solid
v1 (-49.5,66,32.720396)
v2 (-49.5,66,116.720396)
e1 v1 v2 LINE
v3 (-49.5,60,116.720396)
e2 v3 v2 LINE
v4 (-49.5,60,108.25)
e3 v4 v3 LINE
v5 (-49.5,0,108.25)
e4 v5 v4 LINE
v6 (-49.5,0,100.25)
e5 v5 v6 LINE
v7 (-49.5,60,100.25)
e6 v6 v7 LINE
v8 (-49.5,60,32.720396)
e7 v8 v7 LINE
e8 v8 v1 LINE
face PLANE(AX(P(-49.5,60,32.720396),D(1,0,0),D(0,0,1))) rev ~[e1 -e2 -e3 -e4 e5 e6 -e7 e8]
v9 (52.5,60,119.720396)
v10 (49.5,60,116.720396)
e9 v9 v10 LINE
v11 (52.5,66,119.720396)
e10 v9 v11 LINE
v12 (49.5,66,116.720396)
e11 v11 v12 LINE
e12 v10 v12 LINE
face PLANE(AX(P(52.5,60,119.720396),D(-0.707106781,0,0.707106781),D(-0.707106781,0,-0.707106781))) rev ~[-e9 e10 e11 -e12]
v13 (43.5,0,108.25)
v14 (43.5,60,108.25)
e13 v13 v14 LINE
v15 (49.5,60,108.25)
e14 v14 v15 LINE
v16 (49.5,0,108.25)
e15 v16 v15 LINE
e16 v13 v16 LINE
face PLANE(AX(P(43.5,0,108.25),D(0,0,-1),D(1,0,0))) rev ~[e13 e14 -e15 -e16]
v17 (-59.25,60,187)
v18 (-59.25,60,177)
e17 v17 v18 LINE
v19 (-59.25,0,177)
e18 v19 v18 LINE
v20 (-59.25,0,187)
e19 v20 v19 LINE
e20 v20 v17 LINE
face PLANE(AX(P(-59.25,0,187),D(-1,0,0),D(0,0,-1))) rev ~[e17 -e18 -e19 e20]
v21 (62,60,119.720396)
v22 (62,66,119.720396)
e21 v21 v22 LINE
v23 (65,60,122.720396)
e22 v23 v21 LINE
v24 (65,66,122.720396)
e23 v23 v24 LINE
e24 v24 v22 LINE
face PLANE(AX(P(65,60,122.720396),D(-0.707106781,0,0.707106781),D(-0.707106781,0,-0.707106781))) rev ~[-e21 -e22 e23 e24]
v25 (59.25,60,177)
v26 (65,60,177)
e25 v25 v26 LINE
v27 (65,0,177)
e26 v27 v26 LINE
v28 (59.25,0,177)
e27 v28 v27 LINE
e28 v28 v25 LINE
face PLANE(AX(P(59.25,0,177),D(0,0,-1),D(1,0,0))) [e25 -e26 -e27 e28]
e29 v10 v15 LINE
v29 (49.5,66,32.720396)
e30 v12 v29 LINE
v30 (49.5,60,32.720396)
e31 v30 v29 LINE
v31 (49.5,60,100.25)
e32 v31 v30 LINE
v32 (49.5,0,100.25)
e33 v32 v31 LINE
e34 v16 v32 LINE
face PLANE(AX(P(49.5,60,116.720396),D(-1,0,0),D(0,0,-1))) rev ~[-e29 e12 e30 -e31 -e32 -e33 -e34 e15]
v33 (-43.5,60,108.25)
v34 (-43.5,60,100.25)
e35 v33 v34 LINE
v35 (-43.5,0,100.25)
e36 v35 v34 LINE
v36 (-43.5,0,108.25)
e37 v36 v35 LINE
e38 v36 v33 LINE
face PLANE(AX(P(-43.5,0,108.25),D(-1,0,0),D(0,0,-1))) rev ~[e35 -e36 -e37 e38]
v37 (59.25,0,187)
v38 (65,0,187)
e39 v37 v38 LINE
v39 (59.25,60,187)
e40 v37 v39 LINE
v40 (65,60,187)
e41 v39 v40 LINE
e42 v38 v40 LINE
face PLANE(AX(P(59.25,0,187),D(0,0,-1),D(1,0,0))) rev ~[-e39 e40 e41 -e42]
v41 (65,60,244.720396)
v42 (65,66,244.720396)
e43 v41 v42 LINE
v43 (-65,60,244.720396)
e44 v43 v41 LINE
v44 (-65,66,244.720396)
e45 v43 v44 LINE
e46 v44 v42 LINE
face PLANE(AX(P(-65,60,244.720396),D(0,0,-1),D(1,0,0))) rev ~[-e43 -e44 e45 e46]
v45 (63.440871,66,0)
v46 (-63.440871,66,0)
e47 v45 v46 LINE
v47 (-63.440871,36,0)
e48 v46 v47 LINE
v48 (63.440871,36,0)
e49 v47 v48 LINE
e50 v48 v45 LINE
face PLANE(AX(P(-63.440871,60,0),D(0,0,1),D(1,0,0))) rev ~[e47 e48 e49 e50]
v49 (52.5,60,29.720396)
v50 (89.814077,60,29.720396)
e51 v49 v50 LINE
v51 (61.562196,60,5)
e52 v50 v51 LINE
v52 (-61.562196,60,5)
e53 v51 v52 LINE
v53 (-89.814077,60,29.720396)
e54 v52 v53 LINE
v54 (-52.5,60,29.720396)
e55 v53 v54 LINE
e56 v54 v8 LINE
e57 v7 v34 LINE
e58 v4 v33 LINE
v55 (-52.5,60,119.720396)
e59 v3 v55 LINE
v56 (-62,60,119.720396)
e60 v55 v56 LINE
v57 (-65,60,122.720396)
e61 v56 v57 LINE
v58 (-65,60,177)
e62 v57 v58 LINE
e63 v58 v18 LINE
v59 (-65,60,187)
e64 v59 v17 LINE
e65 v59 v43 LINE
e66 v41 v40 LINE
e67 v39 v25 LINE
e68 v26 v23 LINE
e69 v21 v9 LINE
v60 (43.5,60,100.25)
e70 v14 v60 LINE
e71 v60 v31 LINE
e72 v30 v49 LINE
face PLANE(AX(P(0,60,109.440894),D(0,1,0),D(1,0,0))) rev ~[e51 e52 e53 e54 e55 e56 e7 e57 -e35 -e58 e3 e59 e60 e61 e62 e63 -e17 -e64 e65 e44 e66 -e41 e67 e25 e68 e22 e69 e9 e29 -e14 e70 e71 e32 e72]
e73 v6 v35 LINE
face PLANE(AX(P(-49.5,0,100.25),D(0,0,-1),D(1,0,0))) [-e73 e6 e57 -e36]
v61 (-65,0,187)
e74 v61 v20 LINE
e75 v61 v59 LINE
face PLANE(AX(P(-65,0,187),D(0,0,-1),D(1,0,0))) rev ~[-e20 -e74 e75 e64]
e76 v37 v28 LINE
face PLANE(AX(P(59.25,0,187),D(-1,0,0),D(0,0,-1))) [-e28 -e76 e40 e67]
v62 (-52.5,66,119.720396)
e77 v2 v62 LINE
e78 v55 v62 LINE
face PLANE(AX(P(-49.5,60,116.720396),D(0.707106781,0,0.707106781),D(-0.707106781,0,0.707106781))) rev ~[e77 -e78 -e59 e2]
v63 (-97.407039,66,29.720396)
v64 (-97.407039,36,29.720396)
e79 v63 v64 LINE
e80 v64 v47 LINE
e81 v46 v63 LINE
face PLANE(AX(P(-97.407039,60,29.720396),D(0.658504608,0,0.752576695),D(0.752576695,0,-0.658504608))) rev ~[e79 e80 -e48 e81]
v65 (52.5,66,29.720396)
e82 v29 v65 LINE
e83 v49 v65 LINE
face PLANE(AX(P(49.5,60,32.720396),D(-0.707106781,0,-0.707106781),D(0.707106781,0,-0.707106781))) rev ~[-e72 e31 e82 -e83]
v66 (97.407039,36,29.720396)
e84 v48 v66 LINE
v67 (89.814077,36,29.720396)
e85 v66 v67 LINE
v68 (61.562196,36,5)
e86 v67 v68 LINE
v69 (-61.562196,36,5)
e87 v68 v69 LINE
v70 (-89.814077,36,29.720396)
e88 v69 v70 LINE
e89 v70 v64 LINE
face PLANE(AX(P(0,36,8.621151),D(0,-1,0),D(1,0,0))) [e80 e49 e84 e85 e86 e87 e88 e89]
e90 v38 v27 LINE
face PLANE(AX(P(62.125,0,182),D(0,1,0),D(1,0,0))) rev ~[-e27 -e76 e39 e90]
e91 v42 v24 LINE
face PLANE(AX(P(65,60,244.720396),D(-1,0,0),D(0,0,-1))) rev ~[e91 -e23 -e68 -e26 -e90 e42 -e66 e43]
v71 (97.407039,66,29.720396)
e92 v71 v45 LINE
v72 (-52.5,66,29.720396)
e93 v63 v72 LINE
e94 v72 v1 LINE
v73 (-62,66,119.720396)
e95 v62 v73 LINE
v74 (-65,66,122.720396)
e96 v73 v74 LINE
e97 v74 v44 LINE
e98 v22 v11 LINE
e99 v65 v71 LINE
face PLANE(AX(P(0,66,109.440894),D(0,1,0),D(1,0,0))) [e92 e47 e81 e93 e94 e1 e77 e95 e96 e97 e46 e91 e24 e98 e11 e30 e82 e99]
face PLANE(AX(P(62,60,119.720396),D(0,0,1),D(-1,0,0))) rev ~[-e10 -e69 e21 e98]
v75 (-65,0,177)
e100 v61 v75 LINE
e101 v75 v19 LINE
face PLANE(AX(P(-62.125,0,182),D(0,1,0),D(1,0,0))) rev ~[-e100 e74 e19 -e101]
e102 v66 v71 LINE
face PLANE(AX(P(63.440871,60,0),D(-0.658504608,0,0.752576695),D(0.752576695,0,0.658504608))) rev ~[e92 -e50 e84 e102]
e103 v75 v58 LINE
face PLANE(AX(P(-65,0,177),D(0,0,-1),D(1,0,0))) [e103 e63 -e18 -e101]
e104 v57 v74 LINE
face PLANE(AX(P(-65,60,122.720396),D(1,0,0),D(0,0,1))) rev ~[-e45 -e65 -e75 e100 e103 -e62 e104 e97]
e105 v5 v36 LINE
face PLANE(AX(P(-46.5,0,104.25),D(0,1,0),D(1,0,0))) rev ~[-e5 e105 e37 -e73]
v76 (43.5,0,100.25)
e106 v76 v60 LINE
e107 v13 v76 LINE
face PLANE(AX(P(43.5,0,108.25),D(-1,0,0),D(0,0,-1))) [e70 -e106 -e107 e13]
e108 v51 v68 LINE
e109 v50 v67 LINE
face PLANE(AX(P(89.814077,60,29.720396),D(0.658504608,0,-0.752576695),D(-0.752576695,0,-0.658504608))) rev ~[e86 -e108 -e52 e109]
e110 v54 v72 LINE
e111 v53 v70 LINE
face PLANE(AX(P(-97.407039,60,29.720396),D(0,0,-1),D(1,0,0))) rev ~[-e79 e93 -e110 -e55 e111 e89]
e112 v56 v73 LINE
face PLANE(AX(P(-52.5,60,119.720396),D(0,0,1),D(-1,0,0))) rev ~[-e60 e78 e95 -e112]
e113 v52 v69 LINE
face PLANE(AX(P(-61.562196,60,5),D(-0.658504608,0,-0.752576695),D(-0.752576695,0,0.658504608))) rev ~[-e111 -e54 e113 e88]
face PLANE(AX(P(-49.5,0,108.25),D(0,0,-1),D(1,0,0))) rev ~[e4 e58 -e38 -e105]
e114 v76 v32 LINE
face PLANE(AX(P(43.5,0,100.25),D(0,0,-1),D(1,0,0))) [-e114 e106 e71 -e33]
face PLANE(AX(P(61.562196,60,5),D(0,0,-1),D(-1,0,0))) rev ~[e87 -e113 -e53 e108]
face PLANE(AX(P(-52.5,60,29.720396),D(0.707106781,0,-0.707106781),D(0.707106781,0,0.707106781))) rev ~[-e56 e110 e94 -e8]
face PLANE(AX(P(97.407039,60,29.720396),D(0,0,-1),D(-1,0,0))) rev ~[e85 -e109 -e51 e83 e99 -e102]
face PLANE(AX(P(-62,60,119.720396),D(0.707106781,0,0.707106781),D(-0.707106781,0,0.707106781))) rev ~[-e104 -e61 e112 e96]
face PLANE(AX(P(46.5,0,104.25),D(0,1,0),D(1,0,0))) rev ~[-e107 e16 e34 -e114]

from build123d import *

# Parameters (mm, degrees)
SKETCH1_W             = 6
SKETCH1_H             = 8
BOSS_EXTRUDE1_DEPTH   = 60
SKETCH1_W_2           = 5.75
SKETCH1_H_2           = 10
BOSS_EXTRUDE1_2_DEPTH = 60
BOSS_EXTRUDE1_3_DEPTH = 60
BOSS_EXTRUDE1_4_DEPTH = 60
BOSS_EXTRUDE2_DEPTH   = 6
BOSS_EXTRUDE3_DEPTH   = 24


with BuildPart() as part:
    # Sketch1 → Boss-Extrude1 (new body)
    with BuildSketch(Plane(origin=(0, 0, 0), x_dir=(1, 0, 0), z_dir=(0, 1, 0))):
        with Locations((-46.5, -104.25)):
            Rectangle(SKETCH1_W, SKETCH1_H)
    extrude(amount=BOSS_EXTRUDE1_DEPTH)



with BuildPart() as body_2:
    # Sketch1 → Boss-Extrude1 2 (new body)
    with BuildSketch(Plane(origin=(0, 0, 0), x_dir=(1, 0, 0), z_dir=(0, 1, 0))):
        with Locations((-62.125, -182)):
            Rectangle(SKETCH1_W_2, SKETCH1_H_2)
    extrude(amount=BOSS_EXTRUDE1_2_DEPTH)


with BuildPart() as body_3:
    # Sketch1 → Boss-Extrude1 3 (new body)
    with BuildSketch(Plane(origin=(0, 0, 0), x_dir=(1, 0, 0), z_dir=(0, 1, 0))):
        with Locations((62.125, -182)):
            Rectangle(SKETCH1_W_2, SKETCH1_H_2)
    extrude(amount=BOSS_EXTRUDE1_3_DEPTH)


with BuildPart() as body_4:
    # Sketch1 → Boss-Extrude1 4 (new body)
    with BuildSketch(Plane(origin=(0, 0, 0), x_dir=(1, 0, 0), z_dir=(0, 1, 0))):
        with Locations((46.5, -104.25)):
            Rectangle(SKETCH1_W, SKETCH1_H)
    extrude(amount=BOSS_EXTRUDE1_4_DEPTH)


with BuildPart() as part_1:
    add(part.part)

    add(body_2.part)  # Boss-Extrude2 merges body 2

    add(body_3.part)  # Boss-Extrude2 merges body 3

    add(body_4.part)  # Boss-Extrude2 merges body 4
    # Sketch2 → Boss-Extrude2 (add)
    with BuildSketch(Plane(origin=(0, 60, 0), x_dir=(1, 0, 0), z_dir=(0, 1, 0))):
        Polygon((-52.5, -119.720396317), (-62, -119.720396317), (-65, -122.720396317), (-65, -244.720396317), (65, -244.720396317), (65, -122.720396317), (62, -119.720396317), (52.5, -119.720396317), (49.5, -116.720396317), (49.5, -32.720396317), (52.5, -29.720396317), (97.407038705, -29.720396317), (63.440871486, 0), (-63.440871486, 0), (-97.407038705, -29.720396317), (-52.5, -29.720396317), (-49.5, -32.720396317), (-49.5, -116.720396317), align=None)
    extrude(amount=BOSS_EXTRUDE2_DEPTH)

    # Sketch4 → Boss-Extrude3 (add)
    with BuildSketch(Plane.XZ.offset(-60)):
        Polygon((89.81407741, 29.720396317), (61.562195905, 5), (-61.562195905, 5), (-89.81407741, 29.720396317), (-97.407038705, 29.720396317), (-63.440871486, 0), (63.440871486, 0), (97.407038705, 29.720396317), align=None)
    extrude(amount=BOSS_EXTRUDE3_DEPTH)


solid = part_1.part
